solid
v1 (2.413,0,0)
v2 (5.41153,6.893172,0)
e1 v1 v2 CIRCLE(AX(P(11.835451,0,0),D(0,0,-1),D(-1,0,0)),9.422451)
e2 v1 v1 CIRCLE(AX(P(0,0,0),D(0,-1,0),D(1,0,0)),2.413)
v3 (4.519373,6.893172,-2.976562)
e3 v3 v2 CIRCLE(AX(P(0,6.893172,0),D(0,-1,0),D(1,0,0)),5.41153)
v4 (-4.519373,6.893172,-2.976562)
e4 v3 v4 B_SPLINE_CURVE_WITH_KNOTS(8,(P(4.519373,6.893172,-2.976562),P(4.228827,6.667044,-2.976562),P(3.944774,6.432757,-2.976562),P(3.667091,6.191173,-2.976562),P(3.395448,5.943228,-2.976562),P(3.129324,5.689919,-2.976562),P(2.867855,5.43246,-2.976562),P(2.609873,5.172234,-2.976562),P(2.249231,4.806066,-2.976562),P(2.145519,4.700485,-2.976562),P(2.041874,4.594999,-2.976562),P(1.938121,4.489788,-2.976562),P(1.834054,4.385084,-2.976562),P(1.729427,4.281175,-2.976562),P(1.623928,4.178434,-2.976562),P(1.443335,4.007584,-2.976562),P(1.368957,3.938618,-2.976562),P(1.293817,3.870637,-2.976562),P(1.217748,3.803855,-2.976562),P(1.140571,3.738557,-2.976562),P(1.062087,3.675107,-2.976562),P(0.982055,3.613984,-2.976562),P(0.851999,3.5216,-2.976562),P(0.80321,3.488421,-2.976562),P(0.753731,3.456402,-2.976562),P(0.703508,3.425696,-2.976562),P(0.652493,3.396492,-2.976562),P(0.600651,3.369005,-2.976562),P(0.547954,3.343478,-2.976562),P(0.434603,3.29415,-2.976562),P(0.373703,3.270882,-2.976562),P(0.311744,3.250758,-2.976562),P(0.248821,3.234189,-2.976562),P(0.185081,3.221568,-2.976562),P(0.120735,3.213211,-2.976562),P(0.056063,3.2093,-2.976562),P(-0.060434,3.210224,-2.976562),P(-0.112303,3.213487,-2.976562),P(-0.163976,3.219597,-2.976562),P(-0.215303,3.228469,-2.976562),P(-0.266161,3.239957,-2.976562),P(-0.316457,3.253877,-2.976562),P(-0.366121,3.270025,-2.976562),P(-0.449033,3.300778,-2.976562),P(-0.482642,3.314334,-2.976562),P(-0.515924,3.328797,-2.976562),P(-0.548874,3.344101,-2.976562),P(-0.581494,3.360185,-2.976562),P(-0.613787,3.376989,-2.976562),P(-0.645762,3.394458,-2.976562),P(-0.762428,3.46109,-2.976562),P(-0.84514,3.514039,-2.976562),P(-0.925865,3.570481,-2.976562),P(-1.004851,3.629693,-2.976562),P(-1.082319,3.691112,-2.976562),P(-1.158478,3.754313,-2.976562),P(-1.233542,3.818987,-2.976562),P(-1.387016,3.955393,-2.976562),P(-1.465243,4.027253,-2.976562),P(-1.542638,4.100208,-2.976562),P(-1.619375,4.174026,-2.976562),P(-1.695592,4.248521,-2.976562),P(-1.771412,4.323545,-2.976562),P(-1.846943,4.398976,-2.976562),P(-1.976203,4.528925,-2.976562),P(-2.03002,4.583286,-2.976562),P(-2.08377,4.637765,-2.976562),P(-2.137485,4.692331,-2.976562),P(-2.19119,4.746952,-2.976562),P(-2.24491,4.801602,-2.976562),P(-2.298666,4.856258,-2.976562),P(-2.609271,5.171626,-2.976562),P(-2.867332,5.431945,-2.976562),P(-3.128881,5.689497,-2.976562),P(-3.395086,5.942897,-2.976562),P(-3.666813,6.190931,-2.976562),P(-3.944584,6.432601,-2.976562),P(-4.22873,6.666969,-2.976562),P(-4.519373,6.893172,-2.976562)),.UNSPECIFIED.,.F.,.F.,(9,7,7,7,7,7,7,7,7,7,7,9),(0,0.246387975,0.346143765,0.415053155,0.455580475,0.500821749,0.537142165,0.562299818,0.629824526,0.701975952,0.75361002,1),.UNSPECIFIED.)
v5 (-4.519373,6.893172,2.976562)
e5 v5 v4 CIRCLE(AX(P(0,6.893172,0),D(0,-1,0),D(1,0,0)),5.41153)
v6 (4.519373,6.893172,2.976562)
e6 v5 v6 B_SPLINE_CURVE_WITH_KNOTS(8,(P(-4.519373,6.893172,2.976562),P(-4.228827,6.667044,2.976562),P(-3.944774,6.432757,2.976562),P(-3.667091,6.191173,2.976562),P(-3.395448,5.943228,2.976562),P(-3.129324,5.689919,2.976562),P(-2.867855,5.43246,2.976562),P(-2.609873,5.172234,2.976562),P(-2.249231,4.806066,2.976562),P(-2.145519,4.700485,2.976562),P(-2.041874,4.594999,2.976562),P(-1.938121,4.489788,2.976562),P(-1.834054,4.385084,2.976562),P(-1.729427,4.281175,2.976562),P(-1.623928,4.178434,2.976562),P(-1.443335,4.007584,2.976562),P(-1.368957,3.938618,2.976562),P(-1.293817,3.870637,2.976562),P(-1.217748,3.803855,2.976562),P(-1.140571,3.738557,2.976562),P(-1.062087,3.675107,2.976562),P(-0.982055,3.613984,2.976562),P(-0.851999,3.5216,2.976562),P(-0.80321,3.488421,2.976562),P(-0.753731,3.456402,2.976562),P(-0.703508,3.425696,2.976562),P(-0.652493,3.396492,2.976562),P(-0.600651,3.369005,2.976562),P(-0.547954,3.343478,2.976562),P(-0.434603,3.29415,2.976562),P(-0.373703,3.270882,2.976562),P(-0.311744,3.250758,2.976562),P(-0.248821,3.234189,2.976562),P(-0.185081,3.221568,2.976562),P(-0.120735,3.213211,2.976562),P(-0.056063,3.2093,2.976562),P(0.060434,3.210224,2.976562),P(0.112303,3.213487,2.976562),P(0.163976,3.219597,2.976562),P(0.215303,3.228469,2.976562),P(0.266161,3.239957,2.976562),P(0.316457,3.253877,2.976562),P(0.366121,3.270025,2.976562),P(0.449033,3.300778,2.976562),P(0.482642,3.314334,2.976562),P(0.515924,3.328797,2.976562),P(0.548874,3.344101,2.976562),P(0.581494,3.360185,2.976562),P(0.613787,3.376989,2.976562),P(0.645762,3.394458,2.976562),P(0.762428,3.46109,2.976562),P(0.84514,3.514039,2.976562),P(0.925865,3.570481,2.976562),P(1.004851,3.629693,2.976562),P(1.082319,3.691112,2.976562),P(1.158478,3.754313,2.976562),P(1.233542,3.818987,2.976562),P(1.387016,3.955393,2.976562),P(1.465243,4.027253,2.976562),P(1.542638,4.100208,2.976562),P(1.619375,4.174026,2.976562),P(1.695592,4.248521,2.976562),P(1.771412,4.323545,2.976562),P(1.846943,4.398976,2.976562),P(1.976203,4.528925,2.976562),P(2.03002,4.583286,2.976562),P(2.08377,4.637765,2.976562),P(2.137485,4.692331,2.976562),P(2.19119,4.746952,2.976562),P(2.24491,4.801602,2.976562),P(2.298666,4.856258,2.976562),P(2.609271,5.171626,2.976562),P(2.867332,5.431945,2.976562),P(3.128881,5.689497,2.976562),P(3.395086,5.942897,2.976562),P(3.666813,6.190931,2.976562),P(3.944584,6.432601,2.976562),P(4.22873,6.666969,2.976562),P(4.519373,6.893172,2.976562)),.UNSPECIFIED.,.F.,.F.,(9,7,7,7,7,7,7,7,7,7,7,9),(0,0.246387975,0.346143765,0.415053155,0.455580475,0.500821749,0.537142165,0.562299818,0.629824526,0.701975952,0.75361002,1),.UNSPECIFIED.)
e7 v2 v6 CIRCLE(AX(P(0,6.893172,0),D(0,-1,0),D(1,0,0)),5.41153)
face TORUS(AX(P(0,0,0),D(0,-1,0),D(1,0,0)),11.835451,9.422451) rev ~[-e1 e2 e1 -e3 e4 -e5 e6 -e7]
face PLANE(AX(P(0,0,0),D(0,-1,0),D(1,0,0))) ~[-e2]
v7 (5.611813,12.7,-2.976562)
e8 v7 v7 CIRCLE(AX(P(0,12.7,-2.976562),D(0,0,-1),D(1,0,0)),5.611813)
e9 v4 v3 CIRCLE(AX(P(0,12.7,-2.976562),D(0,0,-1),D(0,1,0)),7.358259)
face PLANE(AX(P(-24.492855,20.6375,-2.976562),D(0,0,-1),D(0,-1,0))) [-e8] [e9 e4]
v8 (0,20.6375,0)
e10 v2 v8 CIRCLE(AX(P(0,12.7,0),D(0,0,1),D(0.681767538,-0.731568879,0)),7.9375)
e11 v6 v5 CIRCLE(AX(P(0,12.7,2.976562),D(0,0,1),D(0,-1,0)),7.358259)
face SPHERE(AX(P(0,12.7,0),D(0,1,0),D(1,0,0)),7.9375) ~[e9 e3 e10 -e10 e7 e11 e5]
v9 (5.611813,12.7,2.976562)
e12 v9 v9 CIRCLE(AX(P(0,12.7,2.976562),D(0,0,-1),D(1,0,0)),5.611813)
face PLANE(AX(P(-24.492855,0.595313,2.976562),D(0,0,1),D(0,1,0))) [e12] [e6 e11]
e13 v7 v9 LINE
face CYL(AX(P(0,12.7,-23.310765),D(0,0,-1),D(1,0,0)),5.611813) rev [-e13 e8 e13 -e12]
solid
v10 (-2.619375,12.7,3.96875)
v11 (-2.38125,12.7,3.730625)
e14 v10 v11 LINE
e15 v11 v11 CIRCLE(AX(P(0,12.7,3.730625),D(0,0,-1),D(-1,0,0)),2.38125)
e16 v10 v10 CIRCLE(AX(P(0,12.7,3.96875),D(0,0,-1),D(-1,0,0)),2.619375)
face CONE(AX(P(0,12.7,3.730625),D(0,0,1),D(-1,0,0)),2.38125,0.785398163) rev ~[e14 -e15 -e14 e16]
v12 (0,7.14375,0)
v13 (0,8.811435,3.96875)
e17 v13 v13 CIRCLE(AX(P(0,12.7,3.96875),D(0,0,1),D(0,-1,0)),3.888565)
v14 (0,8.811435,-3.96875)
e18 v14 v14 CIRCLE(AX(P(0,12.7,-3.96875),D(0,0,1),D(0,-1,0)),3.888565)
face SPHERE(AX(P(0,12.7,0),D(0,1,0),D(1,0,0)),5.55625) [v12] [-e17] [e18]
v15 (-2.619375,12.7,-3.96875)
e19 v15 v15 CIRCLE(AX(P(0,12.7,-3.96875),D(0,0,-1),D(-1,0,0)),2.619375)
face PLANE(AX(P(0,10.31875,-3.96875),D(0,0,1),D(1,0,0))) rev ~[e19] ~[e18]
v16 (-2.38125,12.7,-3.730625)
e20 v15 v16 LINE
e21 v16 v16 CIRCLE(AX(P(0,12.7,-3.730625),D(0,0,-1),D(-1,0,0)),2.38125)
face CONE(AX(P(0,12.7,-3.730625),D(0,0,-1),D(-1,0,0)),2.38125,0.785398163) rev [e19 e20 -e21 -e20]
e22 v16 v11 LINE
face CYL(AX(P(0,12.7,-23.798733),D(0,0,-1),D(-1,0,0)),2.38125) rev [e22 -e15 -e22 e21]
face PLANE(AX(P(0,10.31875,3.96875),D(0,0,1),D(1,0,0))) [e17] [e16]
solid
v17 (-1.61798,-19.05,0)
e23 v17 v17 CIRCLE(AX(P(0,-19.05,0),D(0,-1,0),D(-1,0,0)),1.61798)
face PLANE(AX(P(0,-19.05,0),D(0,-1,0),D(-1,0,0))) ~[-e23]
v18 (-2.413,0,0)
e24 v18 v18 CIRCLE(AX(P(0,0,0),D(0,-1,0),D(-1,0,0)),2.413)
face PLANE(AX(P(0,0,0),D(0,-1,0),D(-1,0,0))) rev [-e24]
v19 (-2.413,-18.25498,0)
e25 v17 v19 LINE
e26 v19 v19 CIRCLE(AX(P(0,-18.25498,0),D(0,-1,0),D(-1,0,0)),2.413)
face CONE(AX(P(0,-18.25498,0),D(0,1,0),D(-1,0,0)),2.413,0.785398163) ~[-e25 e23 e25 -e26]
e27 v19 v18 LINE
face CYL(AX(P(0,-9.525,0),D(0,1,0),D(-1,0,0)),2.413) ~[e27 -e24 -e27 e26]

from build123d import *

# Parameters (mm, degrees)
SKETCH14_W               = 2.413
SKETCH14_H               = 19.05
CUT_EXTRUDE10_DEPTH      = 24.492854632
CUT_EXTRUDE10_DEPTH_BACK = 24.492854632
CUT_EXTRUDE9_DEPTH       = 23.310765057
CUT_EXTRUDE9_DEPTH_BACK  = 23.310765057
SKETCH17_R               = 5.6118125
CUT_EXTRUDE4_DEPTH       = 23.798733003
CUT_EXTRUDE4_DEPTH_BACK  = 23.798733003
SKETCH10_R               = 2.38125
CUT_EXTRUDE7_START       = -3.96875
SKETCH22_W               = 15.875
SKETCH22_H               = 20.6375
CUT_EXTRUDE7_DEPTH       = 19.829983003
CUT_EXTRUDE8_START       = 3.96875
SKETCH23_W               = 15.875
SKETCH23_H               = 20.6375
CUT_EXTRUDE8_DEPTH       = 19.829983003
CHAMFER1_SIZE            = 0.79502
CHAMFER2_SIZE            = 0.238125


with BuildPart() as part:
    # Sketch14 → Revolve4 (revolve)
    with BuildSketch(Plane.XY, mode=Mode.PRIVATE) as revolve4_sk:
        with Locations((1.2065, -9.525)):
            Rectangle(SKETCH14_W, SKETCH14_H)
    revolve(revolve4_sk.sketch.rotate(Axis((0, 0, 0), (0, -1, 0)), 180), axis=Axis((0, 0, 0), (0, -1, 0)))

    # Chamfer1
    chamfer1_edges = [part.edges().sort_by_distance(p)[0] for p in [
        (2.413, -19.05, 0),
    ]]
    chamfer(chamfer1_edges, length=CHAMFER1_SIZE)


with BuildPart() as body_2:
    # Sketch21 → Revolve5 (revolve)
    with BuildSketch(Plane.XY):
        with BuildLine():
            Line((0, 20.6375), (0, 0))
            Line((0, 0), (2.413, 0))
            ThreePointArc((2.413, 0), (3.195090321, 3.75855696), (5.41152983, 6.893172024))
            ThreePointArc((5.41152983, 6.893172024), (7.385648357, 15.607938203), (0, 20.6375))
        make_face()
    revolve(axis=Axis((0, 0, 0), (0, -1, 0)))

    # Sketch24 → Cut-Extrude10 (cut, two sides: drawn at the far end of the back side and taken through both)
    with BuildSketch(Plane(origin=(0, 0, 0), x_dir=(0, 0, -1), z_dir=(1, 0, 0)).offset(-CUT_EXTRUDE10_DEPTH_BACK)):
        Polygon((2.9765625, 12.7), (2.9765625, 20.6375), (7.9375, 20.6375), (7.9375, 0), (2.413, 0), (2.9765625, 0.5953125), align=None)
        Polygon((-2.413, 0), (-7.9375, 0), (-7.9375, 20.6375), (-2.9765625, 20.6375), (-2.9765625, 12.7), (-2.9765625, 0.5953125), align=None)
    extrude(amount=CUT_EXTRUDE10_DEPTH + CUT_EXTRUDE10_DEPTH_BACK, mode=Mode.SUBTRACT)

    # Sketch17 → Cut-Extrude9 (cut, two sides: drawn at the far end of the back side and taken through both)
    with BuildSketch(Plane.XY.offset(-CUT_EXTRUDE9_DEPTH_BACK)):
        with Locations((0, 12.7)):
            Circle(SKETCH17_R)
    extrude(amount=CUT_EXTRUDE9_DEPTH + CUT_EXTRUDE9_DEPTH_BACK, mode=Mode.SUBTRACT)


with BuildPart() as body_3:
    # Sketch7 → Revolve3 (revolve)
    with BuildSketch(Plane.XY):
        with BuildLine():
            Line((0, 18.25625), (0, 7.14375))
            ThreePointArc((0, 7.14375), (5.55625, 12.7), (0, 18.25625))
        make_face()
    revolve(axis=Axis((0, 0, 0), (0, 1, 0)))

    # Sketch10 → Cut-Extrude4 (cut, two sides: drawn at the far end of the back side and taken through both)
    with BuildSketch(Plane.XY.offset(-CUT_EXTRUDE4_DEPTH_BACK)):
        with Locations(Location((0, 12.7, 0), (0, 0, 180))):
            Circle(SKETCH10_R)
    extrude(amount=CUT_EXTRUDE4_DEPTH + CUT_EXTRUDE4_DEPTH_BACK, mode=Mode.SUBTRACT)

    # Sketch22 → Cut-Extrude7 (cut, through all)
    with BuildSketch(Plane.XY.offset(CUT_EXTRUDE7_START)):
        with Locations((0, 10.31875)):
            Rectangle(SKETCH22_W, SKETCH22_H)
    extrude(amount=-CUT_EXTRUDE7_DEPTH, mode=Mode.SUBTRACT)

    # Sketch23 → Cut-Extrude8 (cut, through all)
    with BuildSketch(Plane.XY.offset(CUT_EXTRUDE8_START)):
        with Locations((0, 10.31875)):
            Rectangle(SKETCH23_W, SKETCH23_H)
    extrude(amount=CUT_EXTRUDE8_DEPTH, mode=Mode.SUBTRACT)

    # Chamfer2
    chamfer2_edges = [body_3.edges().sort_by_distance(p)[0] for p in [
        (2.38125, 12.7, -3.96875),
        (2.38125, 12.7, 3.96875),
    ]]
    chamfer(chamfer2_edges, length=CHAMFER2_SIZE)


solid = Compound([part.part, body_2.part, body_3.part])
